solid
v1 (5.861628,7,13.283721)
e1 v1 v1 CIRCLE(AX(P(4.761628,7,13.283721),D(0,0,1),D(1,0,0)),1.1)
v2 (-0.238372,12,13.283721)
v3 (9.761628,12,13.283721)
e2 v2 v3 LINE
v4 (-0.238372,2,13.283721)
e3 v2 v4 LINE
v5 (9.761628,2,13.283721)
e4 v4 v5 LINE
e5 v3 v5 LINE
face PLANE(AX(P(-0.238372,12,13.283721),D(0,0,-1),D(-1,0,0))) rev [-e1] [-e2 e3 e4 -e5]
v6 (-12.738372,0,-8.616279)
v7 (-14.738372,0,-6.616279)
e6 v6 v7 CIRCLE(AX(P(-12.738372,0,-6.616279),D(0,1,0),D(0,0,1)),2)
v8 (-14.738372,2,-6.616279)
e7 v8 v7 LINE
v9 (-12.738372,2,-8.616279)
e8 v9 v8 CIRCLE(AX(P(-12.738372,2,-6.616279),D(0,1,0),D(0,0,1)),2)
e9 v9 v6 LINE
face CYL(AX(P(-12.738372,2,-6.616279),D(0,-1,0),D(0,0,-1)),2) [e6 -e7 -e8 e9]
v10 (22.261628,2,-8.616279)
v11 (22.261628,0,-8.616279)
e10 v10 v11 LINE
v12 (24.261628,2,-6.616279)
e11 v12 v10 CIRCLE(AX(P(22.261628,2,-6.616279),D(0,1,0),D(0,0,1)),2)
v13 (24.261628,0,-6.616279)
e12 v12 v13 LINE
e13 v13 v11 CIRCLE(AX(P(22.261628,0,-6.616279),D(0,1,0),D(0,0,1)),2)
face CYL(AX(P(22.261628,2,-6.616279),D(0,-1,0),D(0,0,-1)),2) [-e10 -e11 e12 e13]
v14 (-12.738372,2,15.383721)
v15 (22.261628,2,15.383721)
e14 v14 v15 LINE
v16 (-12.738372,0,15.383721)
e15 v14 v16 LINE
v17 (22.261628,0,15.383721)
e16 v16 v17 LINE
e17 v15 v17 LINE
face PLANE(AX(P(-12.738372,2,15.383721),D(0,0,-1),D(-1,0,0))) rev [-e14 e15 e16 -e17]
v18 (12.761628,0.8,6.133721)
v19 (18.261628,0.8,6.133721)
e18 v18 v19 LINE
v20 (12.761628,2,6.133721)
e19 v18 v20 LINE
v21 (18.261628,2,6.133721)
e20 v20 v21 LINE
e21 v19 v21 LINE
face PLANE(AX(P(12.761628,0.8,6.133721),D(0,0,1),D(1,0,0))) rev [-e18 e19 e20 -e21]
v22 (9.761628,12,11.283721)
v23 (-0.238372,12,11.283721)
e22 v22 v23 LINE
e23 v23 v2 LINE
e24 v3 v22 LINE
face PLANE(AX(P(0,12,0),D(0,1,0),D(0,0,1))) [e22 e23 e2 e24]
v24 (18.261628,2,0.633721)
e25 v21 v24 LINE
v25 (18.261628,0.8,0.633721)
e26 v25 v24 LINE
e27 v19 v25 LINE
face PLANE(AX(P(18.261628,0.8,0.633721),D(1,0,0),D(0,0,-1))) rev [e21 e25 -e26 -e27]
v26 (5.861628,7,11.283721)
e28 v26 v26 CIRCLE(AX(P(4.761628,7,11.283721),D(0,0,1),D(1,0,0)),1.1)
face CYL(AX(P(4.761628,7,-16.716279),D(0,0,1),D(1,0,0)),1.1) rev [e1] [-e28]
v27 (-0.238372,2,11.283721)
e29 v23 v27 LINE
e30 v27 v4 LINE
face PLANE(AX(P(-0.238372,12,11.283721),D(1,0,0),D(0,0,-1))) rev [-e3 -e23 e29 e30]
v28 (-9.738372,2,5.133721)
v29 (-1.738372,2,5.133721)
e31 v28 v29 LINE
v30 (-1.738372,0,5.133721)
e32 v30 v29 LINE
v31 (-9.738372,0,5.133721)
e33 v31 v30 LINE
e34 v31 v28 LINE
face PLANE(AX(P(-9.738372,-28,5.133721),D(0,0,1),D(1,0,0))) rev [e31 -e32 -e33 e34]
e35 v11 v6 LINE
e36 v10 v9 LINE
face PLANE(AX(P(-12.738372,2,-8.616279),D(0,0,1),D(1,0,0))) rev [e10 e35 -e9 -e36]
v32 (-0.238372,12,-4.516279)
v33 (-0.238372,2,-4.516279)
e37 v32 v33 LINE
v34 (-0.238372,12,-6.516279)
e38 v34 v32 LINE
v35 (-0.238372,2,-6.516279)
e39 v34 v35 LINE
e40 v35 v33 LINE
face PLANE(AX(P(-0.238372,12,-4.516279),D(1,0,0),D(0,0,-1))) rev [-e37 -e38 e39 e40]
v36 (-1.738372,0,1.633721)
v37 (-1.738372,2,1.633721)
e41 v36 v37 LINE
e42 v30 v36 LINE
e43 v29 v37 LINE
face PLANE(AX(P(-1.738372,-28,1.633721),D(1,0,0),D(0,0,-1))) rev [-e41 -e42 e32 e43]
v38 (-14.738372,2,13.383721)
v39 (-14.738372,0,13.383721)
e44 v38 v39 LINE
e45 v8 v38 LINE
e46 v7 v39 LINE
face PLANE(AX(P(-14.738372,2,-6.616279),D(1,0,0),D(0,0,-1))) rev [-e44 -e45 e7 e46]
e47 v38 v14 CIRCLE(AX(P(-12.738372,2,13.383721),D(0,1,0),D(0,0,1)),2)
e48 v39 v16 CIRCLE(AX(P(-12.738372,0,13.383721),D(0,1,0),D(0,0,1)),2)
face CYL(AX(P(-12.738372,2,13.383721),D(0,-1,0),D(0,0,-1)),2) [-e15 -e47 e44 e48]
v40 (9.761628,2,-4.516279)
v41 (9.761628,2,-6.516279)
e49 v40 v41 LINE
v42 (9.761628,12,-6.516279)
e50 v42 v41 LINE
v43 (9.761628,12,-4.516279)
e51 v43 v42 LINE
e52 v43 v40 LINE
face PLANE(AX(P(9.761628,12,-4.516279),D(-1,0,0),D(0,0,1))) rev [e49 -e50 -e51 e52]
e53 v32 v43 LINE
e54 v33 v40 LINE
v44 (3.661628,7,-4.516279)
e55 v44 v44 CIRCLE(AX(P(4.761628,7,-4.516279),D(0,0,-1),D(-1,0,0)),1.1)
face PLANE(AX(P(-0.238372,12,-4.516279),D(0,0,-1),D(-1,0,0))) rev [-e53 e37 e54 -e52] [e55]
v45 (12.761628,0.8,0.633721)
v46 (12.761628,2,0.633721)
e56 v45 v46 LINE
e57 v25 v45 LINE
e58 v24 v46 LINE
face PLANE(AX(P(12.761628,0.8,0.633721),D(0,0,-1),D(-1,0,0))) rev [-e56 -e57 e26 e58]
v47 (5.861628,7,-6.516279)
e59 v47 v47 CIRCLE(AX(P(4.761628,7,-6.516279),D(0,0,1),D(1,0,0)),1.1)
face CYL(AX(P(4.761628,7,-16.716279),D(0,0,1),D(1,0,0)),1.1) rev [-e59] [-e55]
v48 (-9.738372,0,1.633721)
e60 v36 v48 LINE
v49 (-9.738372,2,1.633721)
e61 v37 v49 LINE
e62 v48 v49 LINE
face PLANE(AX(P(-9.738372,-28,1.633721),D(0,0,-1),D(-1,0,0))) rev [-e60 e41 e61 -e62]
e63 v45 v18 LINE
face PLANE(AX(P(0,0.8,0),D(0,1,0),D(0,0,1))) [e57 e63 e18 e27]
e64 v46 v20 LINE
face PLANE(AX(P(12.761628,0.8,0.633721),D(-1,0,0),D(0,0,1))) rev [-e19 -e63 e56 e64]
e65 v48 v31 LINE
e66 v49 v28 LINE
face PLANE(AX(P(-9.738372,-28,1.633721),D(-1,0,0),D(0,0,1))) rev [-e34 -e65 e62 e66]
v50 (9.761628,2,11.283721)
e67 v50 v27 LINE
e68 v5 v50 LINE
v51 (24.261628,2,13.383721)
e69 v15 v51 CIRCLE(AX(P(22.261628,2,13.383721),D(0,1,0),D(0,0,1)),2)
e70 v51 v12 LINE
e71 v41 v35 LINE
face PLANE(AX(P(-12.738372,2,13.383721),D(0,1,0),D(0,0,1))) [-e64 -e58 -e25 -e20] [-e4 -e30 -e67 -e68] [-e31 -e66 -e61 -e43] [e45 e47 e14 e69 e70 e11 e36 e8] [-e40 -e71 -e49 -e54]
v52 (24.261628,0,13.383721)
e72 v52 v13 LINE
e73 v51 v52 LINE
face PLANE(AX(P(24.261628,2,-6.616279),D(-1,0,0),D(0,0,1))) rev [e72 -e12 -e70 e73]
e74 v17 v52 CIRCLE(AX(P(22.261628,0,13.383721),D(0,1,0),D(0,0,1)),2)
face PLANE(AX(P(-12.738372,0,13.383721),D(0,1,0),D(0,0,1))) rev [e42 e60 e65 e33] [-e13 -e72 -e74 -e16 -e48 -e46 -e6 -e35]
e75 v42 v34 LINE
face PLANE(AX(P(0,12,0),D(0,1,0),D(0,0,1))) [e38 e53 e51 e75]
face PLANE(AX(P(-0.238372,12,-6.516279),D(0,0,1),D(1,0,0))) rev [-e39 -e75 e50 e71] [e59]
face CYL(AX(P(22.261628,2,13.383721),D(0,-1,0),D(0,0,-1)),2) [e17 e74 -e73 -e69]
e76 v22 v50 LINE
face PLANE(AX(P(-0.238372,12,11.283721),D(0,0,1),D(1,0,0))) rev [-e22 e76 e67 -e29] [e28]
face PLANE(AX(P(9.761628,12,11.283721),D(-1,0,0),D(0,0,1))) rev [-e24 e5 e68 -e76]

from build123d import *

# Parameters (mm, degrees)
Y_KSEKLIK_EKSTR_ZYON1_DEPTH = 2
IZIM2_W                     = 10
IZIM2_H                     = 2
Y_KSEKLIK_EKSTR_ZYON2_DEPTH = 10
IZIM3_R                     = 1.1
KES_EKSTR_ZYON1_DEPTH       = 30
IZIM4_W                     = 8
IZIM4_H                     = 3.5
KES_EKSTR_ZYON2_DEPTH       = 30
IZIM5_W                     = 5.5
IZIM5_H                     = 5.5
KES_EKSTR_ZYON3_DEPTH       = 1.2


with BuildPart() as part:
    # Çizim1 → Yükseklik-Ekstrüzyon1 (new body)
    with BuildSketch(Plane(origin=(0, 0, 0), x_dir=(1, 0, 0), z_dir=(0, 1, 0))):
        with BuildLine():
            Line((-12.738372093, 8.61627907), (22.261627907, 8.61627907))
            ThreePointArc((22.261627907, 8.61627907), (23.675841469, 8.030492632), (24.261627907, 6.61627907))
            Line((24.261627907, 6.61627907), (24.261627907, -13.38372093))
            ThreePointArc((24.261627907, -13.38372093), (23.675841469, -14.797934493), (22.261627907, -15.38372093))
            Line((22.261627907, -15.38372093), (-12.738372093, -15.38372093))
            ThreePointArc((-12.738372093, -15.38372093), (-14.152585655, -14.797934493), (-14.738372093, -13.38372093))
            Line((-14.738372093, -13.38372093), (-14.738372093, 6.61627907))
            ThreePointArc((-14.738372093, 6.61627907), (-14.152585655, 8.030492632), (-12.738372093, 8.61627907))
        make_face()
    extrude(amount=Y_KSEKLIK_EKSTR_ZYON1_DEPTH)

    # Çizim2 → Yükseklik-Ekstrüzyon2 (add)
    with BuildSketch(Plane(origin=(0, 2, 0), x_dir=(1, 0, 0), z_dir=(0, 1, 0))):
        with Locations((4.761627907, -12.28372093)):
            Rectangle(IZIM2_W, IZIM2_H)
        with Locations((4.761627907, 5.51627907)):
            Rectangle(IZIM2_W, IZIM2_H)
    extrude(amount=Y_KSEKLIK_EKSTR_ZYON2_DEPTH)

    # Çizim3 → Kes-Ekstrüzyon1 (cut)
    with BuildSketch(Plane.XY.offset(13.28372093)):
        with Locations((4.761627907, 7)):
            Circle(IZIM3_R)
    extrude(amount=-KES_EKSTR_ZYON1_DEPTH, mode=Mode.SUBTRACT)

    # Çizim4 → Kes-Ekstrüzyon2 (cut)
    with BuildSketch(Plane(origin=(0, 2, 0), x_dir=(1, 0, 0), z_dir=(0, 1, 0))):
        with Locations((-5.738372093, -3.38372093)):
            Rectangle(IZIM4_W, IZIM4_H)
    extrude(amount=-KES_EKSTR_ZYON2_DEPTH, mode=Mode.SUBTRACT)

    # Çizim5 → Kes-Ekstrüzyon3 (cut)
    with BuildSketch(Plane(origin=(0, 2, 0), x_dir=(1, 0, 0), z_dir=(0, 1, 0))):
        with Locations((15.511627907, -3.38372093)):
            Rectangle(IZIM5_W, IZIM5_H)
    extrude(amount=-KES_EKSTR_ZYON3_DEPTH, mode=Mode.SUBTRACT)


solid = part.part
